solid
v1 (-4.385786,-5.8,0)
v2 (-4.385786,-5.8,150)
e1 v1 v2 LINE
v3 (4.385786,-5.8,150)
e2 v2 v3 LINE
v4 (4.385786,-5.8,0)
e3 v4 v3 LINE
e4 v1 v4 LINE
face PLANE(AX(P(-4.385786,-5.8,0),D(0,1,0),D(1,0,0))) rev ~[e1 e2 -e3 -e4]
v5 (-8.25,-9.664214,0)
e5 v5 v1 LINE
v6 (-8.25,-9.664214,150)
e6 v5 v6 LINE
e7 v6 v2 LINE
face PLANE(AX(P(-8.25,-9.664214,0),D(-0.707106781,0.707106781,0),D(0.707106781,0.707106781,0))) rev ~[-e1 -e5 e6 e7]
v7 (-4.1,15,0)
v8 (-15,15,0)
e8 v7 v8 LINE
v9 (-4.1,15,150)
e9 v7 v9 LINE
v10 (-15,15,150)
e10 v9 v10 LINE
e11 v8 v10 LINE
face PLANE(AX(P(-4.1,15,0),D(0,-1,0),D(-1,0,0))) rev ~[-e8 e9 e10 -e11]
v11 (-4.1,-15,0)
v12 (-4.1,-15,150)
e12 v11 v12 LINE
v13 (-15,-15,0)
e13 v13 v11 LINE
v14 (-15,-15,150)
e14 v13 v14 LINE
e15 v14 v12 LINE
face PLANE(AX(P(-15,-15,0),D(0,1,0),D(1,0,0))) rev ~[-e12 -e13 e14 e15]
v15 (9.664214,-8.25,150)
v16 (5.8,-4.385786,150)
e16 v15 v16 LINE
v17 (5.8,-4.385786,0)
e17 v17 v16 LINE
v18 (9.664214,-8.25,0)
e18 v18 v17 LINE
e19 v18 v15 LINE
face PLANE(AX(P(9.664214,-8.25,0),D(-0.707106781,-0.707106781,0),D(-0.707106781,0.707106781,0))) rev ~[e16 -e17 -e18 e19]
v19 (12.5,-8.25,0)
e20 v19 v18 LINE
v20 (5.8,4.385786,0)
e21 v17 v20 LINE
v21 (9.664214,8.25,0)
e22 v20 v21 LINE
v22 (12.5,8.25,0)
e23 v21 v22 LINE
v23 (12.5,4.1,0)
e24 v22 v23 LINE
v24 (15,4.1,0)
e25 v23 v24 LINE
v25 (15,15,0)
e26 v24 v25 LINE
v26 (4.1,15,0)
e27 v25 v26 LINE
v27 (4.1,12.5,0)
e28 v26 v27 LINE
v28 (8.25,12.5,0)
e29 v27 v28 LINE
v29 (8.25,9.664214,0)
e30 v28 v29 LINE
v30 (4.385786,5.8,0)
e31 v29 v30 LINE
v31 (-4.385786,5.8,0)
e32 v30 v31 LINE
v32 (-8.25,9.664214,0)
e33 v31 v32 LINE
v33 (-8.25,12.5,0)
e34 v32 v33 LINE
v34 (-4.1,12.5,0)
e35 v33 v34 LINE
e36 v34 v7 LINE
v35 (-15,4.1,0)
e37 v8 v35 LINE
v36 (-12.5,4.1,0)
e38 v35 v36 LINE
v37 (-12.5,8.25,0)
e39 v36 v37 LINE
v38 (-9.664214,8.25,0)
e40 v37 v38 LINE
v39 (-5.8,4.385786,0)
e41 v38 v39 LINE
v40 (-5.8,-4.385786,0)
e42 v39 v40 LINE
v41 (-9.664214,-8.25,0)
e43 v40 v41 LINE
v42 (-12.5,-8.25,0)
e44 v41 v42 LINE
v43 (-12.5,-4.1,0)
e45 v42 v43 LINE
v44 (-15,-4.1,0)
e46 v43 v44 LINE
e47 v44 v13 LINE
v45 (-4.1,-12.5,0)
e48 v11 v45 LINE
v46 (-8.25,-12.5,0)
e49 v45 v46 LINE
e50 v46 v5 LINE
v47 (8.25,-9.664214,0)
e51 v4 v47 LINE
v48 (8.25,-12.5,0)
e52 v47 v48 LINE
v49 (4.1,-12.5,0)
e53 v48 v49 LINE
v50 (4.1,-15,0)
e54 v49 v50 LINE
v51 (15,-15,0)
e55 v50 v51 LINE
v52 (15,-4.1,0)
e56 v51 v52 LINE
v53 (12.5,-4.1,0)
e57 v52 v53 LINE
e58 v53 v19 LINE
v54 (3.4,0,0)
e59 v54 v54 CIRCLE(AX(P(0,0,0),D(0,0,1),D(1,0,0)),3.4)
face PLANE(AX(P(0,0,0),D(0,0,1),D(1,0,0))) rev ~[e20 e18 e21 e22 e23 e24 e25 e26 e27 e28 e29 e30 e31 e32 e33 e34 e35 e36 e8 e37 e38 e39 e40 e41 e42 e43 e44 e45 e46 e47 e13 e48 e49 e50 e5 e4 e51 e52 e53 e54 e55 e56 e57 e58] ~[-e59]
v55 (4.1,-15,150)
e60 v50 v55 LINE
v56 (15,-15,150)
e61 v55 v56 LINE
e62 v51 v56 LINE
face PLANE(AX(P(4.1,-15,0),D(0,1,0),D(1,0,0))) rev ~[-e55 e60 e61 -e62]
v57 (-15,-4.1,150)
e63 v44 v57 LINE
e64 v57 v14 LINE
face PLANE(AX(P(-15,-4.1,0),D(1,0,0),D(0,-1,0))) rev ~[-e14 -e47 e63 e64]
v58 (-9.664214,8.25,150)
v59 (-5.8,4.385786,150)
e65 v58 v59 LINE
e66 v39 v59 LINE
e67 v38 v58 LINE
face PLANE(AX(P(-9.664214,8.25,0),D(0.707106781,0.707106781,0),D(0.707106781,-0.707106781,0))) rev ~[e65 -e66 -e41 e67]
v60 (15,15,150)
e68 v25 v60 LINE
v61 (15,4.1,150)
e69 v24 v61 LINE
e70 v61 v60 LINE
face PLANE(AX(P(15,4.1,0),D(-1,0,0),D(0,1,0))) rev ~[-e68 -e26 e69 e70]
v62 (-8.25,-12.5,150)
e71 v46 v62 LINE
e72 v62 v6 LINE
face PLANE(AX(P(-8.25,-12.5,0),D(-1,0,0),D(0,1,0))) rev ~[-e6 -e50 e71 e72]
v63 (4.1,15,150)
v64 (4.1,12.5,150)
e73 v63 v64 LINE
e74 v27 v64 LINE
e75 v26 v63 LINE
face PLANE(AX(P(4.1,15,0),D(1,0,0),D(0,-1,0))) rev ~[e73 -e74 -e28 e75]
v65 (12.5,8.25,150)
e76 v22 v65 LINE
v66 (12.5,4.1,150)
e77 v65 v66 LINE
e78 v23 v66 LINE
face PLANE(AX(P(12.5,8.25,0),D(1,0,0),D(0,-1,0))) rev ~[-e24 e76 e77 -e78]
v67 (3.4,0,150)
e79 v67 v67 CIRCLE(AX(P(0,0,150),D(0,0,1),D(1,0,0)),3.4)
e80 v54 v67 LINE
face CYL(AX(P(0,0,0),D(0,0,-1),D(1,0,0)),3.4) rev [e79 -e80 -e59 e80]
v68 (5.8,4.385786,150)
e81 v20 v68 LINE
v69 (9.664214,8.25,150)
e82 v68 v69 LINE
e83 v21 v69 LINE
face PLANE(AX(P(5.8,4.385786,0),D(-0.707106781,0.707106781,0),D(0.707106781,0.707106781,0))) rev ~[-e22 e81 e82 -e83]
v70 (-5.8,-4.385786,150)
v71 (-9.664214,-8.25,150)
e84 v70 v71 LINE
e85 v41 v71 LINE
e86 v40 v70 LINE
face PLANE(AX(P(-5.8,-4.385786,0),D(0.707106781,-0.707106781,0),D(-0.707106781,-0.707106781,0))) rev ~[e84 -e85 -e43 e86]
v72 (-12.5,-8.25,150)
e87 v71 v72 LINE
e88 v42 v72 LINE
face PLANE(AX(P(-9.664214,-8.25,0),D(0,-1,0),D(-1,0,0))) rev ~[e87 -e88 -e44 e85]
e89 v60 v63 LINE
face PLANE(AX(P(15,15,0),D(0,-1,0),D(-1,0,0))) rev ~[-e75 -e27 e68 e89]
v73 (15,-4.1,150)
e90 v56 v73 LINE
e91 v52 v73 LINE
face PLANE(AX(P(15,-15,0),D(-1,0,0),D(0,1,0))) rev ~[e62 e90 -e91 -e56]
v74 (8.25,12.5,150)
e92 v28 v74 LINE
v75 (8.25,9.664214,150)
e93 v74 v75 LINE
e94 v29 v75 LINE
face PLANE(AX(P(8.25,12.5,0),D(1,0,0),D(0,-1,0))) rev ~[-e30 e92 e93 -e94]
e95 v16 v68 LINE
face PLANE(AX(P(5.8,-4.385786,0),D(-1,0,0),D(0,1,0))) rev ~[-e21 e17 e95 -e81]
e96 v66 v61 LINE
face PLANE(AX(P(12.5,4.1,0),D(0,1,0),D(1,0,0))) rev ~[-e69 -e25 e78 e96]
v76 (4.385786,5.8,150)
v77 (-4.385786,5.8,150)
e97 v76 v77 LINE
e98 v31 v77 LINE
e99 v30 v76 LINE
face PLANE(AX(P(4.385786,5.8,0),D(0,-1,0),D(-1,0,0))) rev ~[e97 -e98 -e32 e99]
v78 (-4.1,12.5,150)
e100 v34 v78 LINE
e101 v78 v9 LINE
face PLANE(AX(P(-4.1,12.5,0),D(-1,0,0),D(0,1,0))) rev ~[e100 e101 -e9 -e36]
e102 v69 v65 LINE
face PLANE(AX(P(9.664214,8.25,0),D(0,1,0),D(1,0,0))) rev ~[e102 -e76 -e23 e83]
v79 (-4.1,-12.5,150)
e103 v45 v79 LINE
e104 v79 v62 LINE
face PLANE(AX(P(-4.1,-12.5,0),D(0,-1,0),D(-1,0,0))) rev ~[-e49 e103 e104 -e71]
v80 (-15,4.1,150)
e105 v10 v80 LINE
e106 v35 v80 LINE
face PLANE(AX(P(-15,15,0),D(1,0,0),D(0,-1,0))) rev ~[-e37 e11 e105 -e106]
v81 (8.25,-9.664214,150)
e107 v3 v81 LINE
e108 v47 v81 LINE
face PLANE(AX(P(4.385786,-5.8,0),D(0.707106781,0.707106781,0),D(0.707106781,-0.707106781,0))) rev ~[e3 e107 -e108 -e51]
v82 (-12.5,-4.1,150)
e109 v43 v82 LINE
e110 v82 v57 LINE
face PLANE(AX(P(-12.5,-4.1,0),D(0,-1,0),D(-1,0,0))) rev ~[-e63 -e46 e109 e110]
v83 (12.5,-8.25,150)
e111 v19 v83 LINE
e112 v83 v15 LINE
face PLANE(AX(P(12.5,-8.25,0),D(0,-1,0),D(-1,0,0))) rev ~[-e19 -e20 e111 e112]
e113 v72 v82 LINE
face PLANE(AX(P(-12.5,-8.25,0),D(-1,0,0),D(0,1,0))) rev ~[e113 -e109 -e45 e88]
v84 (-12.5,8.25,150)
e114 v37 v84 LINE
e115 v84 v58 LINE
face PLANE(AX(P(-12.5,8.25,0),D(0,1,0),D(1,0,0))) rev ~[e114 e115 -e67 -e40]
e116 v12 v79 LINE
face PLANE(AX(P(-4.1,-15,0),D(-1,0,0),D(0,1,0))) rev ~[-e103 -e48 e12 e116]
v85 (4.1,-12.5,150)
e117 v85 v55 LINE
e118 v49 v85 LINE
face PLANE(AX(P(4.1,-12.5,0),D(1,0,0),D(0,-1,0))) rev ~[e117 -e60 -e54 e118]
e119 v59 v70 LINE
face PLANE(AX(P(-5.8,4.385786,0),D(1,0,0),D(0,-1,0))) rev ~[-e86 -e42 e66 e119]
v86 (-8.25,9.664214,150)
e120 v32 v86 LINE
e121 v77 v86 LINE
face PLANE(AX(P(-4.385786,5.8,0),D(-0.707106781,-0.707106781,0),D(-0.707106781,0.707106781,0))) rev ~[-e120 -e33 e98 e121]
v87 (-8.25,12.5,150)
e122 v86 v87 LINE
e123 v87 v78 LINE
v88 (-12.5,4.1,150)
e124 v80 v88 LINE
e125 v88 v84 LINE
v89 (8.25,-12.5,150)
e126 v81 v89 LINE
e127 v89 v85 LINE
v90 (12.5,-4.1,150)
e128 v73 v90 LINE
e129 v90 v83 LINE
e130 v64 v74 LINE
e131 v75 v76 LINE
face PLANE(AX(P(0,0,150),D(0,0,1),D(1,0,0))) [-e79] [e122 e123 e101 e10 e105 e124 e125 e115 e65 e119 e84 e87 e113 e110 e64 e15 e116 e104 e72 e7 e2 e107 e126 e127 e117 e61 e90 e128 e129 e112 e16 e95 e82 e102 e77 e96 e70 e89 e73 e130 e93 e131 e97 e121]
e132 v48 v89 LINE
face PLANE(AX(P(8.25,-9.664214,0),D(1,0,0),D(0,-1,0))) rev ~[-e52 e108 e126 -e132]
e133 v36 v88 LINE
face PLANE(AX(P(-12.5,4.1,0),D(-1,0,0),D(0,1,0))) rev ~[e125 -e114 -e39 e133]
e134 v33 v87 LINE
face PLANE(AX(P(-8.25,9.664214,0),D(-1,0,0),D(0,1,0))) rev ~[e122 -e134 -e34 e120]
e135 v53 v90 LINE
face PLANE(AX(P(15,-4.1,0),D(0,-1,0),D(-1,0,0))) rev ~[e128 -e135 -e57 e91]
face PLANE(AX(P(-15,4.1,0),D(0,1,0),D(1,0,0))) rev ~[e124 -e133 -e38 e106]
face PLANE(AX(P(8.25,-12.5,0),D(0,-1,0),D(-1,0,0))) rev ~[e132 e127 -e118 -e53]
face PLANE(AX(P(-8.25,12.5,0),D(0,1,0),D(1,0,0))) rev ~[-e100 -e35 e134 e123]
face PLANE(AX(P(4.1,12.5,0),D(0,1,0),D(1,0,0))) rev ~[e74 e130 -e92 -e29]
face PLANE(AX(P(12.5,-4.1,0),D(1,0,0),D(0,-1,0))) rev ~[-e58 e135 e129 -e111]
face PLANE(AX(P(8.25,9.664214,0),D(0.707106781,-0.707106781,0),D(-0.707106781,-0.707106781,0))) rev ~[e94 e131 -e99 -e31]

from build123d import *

# Parameters (mm, degrees)
SKETCH_1_R      = 3.4
EXTRUDE_1_DEPTH = 150


with BuildPart() as part:
    # 草图1 → 凸台-拉伸1 (new body)
    with BuildSketch(Plane.XY):
        Polygon((-4.1, 12.5), (-4.1, 15), (-8.25, 15), (-15, 15), (-15, 8.25), (-15, 4.1), (-12.5, 4.1), (-12.5, 8.25), (-9.664213562, 8.25), (-5.8, 4.385786438), (-5.8, -4.385786438), (-9.664213562, -8.25), (-12.5, -8.25), (-12.5, -4.1), (-15, -4.1), (-15, -8.25), (-15, -15), (-8.25, -15), (-4.1, -15), (-4.1, -12.5), (-8.25, -12.5), (-8.25, -9.664213562), (-4.385786438, -5.8), (4.385786438, -5.8), (8.25, -9.664213562), (8.25, -12.5), (4.1, -12.5), (4.1, -15), (8.25, -15), (15, -15), (15, -8.25), (15, -4.1), (12.5, -4.1), (12.5, -8.25), (9.664213562, -8.25), (5.8, -4.385786438), (5.8, 4.385786438), (9.664213562, 8.25), (12.5, 8.25), (12.5, 4.1), (15, 4.1), (15, 8.25), (15, 15), (8.25, 15), (4.1, 15), (4.1, 12.5), (8.25, 12.5), (8.25, 9.664213562), (4.385786438, 5.8), (-4.385786438, 5.8), (-8.25, 9.664213562), (-8.25, 12.5), align=None)
        Circle(SKETCH_1_R, mode=Mode.SUBTRACT)
    extrude(amount=EXTRUDE_1_DEPTH)


solid = part.part
